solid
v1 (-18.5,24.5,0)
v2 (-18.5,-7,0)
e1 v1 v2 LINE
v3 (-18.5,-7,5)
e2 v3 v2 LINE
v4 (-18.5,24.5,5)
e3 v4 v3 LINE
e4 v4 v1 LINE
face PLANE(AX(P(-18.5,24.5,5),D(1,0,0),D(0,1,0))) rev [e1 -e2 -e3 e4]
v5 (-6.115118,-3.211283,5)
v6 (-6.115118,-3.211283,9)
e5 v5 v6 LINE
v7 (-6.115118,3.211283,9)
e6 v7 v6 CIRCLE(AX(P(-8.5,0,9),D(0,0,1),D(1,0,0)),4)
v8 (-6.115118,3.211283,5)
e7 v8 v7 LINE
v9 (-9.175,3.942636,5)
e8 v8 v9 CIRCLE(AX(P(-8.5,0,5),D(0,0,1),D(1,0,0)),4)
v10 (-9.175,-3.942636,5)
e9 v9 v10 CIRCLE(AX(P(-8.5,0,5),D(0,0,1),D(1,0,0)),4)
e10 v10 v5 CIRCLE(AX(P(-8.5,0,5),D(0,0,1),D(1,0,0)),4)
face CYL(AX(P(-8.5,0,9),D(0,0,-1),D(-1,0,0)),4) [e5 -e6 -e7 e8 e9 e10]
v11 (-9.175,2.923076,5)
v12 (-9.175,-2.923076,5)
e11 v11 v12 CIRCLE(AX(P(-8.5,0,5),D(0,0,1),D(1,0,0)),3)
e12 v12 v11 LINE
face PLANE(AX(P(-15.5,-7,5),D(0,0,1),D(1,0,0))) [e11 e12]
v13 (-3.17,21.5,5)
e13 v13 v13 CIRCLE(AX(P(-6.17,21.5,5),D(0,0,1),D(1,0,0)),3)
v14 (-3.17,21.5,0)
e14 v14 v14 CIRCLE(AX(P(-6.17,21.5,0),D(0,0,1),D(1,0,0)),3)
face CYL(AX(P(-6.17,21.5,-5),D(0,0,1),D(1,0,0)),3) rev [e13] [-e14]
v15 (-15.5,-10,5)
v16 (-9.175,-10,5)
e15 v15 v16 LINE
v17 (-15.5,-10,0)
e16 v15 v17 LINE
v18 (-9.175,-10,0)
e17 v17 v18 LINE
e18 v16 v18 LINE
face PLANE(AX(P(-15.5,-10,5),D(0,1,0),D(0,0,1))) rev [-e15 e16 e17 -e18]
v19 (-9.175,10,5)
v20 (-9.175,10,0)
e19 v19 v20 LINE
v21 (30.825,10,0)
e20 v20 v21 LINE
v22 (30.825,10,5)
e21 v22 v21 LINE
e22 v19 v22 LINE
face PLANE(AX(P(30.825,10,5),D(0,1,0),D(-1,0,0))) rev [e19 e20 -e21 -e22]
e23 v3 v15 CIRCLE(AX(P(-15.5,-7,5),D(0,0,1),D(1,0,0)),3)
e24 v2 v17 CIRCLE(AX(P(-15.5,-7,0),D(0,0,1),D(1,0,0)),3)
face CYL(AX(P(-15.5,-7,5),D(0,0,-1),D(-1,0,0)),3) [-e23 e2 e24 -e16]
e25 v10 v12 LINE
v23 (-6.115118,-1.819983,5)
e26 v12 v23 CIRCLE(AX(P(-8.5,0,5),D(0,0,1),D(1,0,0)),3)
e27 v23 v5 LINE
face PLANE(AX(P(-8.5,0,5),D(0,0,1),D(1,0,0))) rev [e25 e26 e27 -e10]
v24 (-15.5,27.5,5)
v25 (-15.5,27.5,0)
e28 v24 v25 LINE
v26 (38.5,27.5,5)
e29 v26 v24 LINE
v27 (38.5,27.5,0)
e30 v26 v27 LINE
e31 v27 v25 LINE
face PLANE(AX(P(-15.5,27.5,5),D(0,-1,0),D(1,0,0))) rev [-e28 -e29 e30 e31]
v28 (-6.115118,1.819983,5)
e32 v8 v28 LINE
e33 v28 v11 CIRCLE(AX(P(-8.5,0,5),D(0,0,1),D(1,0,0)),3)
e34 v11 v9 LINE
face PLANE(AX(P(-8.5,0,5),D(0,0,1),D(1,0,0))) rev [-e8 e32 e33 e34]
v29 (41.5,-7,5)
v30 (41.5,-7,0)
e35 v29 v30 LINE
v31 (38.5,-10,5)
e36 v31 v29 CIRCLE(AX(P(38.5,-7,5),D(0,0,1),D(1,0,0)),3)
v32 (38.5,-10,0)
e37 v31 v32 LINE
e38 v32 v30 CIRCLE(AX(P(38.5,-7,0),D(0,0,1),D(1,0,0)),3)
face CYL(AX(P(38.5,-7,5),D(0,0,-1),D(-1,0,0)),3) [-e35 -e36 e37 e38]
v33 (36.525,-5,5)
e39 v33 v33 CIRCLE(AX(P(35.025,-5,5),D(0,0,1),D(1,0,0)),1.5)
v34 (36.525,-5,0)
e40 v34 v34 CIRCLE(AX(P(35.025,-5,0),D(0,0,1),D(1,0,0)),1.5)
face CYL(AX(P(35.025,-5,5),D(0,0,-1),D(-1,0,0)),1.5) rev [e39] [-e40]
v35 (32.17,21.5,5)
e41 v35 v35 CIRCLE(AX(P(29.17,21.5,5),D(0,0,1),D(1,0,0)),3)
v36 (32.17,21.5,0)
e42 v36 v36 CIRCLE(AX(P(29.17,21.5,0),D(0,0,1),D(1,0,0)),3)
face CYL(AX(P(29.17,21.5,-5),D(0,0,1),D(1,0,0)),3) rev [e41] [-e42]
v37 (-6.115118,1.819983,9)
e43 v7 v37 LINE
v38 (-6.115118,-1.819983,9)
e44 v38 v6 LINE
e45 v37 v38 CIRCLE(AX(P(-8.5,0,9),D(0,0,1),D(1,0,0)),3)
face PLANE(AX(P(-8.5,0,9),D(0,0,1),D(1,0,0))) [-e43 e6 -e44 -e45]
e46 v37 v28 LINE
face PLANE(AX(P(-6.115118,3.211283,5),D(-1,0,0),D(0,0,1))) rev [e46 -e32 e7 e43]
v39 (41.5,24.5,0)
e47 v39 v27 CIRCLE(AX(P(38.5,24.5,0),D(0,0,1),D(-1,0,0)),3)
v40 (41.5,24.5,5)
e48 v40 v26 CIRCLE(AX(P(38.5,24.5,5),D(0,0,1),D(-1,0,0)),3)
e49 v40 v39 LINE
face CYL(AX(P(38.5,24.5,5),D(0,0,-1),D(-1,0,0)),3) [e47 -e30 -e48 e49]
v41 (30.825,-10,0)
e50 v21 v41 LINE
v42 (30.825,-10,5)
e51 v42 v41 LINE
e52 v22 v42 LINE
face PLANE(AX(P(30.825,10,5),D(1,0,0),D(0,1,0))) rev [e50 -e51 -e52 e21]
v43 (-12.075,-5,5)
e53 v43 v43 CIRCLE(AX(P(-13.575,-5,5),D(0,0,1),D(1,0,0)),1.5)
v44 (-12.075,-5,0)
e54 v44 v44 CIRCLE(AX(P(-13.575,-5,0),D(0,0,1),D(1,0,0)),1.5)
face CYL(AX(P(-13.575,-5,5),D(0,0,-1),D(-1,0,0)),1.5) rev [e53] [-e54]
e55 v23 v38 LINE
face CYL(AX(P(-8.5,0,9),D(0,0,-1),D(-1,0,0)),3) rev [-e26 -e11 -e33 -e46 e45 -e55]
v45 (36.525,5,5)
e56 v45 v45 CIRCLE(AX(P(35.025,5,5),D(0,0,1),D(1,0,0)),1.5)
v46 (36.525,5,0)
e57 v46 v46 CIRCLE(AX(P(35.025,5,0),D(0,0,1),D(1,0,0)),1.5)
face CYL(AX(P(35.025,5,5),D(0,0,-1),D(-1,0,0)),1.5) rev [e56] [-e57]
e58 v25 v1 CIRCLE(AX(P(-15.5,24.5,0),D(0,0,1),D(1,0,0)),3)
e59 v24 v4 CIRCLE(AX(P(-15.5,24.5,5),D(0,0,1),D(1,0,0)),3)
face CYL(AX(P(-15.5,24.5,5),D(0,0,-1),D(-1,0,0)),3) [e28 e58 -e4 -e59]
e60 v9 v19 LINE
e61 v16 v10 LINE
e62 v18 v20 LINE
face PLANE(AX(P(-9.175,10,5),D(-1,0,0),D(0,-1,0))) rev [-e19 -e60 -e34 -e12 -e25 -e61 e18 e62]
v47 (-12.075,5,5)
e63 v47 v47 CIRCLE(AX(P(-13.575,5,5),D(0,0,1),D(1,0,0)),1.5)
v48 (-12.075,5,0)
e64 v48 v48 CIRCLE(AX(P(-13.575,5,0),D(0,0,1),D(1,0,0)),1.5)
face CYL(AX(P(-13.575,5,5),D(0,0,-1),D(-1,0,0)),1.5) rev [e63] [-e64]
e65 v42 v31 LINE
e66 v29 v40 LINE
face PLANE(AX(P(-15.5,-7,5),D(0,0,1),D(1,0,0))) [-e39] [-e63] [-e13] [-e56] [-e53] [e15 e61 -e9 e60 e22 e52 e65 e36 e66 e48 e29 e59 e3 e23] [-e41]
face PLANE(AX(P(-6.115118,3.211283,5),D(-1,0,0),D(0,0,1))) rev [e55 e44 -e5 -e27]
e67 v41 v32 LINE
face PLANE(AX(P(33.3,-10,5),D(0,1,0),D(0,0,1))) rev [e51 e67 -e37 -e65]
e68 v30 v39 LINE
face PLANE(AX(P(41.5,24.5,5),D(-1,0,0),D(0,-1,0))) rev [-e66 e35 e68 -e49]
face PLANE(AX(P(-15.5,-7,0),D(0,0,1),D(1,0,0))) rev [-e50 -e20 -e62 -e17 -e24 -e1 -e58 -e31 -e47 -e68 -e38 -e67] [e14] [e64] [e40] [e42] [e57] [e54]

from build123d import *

# Parameters (mm, degrees)
SKETCH_1_R          = 1.5
EXTRUDE_1_DEPTH     = 5
SKETCH_2_R          = 3
CUT_EXTRUDE_1_DEPTH = 10
SKETCH_3_R          = 4
SKETCH_3_R_2        = 3
EXTRUDE_1_2_DEPTH   = 4
CUT_EXTRUDE_START   = -4
CUT_EXTRUDE_2_DEPTH = 4


with BuildPart() as part:
    # 草图1 → Extrude 1 (new body)
    with BuildSketch(Plane.XY):
        with BuildLine():
            Line((-15.5, 27.5), (38.5, 27.5))
            ThreePointArc((38.5, 27.5), (40.621320344, 26.621320344), (41.5, 24.5))
            Line((41.5, 24.5), (41.5, -7))
            ThreePointArc((41.5, -7), (40.621320344, -9.121320344), (38.5, -10))
            Line((38.5, -10), (33.3, -10))
            Line((33.3, -10), (30.825, -10))
            Line((30.825, -10), (30.825, 10))
            Line((30.825, 10), (-9.175, 10))
            Line((-9.175, 10), (-9.175, -10))
            Line((-9.175, -10), (-15.5, -10))
            ThreePointArc((-15.5, -10), (-17.621320344, -9.121320344), (-18.5, -7))
            Line((-18.5, -7), (-18.5, 24.5))
            ThreePointArc((-18.5, 24.5), (-17.621320344, 26.621320344), (-15.5, 27.5))
        make_face()
        with Locations((-13.575, 5)):
            Circle(SKETCH_1_R, mode=Mode.SUBTRACT)
        with Locations((-13.575, -5)):
            Circle(SKETCH_1_R, mode=Mode.SUBTRACT)
        with Locations((35.025, 5)):
            Circle(SKETCH_1_R, mode=Mode.SUBTRACT)
        with Locations((35.025, -5)):
            Circle(SKETCH_1_R, mode=Mode.SUBTRACT)
    extrude(amount=EXTRUDE_1_DEPTH)

    # 草图2 → 切除-拉伸1 (cut)
    with BuildSketch(Plane.XY.offset(5)):
        with Locations((-6.17, 21.5)):
            Circle(SKETCH_2_R)
        with Locations((29.17, 21.5)):
            Circle(SKETCH_2_R)
    extrude(amount=-CUT_EXTRUDE_1_DEPTH, mode=Mode.SUBTRACT)

    # 草图3 → Extrude 1 2 (add)
    with BuildSketch(Plane.XY.offset(5)):
        with Locations((-8.5, 0)):
            Circle(SKETCH_3_R)
        with Locations((-8.5, 0)):
            Circle(SKETCH_3_R_2, mode=Mode.SUBTRACT)
    extrude(amount=EXTRUDE_1_2_DEPTH)

    # 草图5 → 切除-拉伸2 (cut)
    with BuildSketch(Plane.XY.offset(9).offset(CUT_EXTRUDE_START)):
        with BuildLine():
            Line((-6.115117964, 3.211282871), (-6.115117964, -3.211282871))
            ThreePointArc((-6.115117964, -3.211282871), (-4.5, 0), (-6.115117964, 3.211282871))
        make_face()
    extrude(amount=CUT_EXTRUDE_2_DEPTH, mode=Mode.SUBTRACT)


solid = part.part
